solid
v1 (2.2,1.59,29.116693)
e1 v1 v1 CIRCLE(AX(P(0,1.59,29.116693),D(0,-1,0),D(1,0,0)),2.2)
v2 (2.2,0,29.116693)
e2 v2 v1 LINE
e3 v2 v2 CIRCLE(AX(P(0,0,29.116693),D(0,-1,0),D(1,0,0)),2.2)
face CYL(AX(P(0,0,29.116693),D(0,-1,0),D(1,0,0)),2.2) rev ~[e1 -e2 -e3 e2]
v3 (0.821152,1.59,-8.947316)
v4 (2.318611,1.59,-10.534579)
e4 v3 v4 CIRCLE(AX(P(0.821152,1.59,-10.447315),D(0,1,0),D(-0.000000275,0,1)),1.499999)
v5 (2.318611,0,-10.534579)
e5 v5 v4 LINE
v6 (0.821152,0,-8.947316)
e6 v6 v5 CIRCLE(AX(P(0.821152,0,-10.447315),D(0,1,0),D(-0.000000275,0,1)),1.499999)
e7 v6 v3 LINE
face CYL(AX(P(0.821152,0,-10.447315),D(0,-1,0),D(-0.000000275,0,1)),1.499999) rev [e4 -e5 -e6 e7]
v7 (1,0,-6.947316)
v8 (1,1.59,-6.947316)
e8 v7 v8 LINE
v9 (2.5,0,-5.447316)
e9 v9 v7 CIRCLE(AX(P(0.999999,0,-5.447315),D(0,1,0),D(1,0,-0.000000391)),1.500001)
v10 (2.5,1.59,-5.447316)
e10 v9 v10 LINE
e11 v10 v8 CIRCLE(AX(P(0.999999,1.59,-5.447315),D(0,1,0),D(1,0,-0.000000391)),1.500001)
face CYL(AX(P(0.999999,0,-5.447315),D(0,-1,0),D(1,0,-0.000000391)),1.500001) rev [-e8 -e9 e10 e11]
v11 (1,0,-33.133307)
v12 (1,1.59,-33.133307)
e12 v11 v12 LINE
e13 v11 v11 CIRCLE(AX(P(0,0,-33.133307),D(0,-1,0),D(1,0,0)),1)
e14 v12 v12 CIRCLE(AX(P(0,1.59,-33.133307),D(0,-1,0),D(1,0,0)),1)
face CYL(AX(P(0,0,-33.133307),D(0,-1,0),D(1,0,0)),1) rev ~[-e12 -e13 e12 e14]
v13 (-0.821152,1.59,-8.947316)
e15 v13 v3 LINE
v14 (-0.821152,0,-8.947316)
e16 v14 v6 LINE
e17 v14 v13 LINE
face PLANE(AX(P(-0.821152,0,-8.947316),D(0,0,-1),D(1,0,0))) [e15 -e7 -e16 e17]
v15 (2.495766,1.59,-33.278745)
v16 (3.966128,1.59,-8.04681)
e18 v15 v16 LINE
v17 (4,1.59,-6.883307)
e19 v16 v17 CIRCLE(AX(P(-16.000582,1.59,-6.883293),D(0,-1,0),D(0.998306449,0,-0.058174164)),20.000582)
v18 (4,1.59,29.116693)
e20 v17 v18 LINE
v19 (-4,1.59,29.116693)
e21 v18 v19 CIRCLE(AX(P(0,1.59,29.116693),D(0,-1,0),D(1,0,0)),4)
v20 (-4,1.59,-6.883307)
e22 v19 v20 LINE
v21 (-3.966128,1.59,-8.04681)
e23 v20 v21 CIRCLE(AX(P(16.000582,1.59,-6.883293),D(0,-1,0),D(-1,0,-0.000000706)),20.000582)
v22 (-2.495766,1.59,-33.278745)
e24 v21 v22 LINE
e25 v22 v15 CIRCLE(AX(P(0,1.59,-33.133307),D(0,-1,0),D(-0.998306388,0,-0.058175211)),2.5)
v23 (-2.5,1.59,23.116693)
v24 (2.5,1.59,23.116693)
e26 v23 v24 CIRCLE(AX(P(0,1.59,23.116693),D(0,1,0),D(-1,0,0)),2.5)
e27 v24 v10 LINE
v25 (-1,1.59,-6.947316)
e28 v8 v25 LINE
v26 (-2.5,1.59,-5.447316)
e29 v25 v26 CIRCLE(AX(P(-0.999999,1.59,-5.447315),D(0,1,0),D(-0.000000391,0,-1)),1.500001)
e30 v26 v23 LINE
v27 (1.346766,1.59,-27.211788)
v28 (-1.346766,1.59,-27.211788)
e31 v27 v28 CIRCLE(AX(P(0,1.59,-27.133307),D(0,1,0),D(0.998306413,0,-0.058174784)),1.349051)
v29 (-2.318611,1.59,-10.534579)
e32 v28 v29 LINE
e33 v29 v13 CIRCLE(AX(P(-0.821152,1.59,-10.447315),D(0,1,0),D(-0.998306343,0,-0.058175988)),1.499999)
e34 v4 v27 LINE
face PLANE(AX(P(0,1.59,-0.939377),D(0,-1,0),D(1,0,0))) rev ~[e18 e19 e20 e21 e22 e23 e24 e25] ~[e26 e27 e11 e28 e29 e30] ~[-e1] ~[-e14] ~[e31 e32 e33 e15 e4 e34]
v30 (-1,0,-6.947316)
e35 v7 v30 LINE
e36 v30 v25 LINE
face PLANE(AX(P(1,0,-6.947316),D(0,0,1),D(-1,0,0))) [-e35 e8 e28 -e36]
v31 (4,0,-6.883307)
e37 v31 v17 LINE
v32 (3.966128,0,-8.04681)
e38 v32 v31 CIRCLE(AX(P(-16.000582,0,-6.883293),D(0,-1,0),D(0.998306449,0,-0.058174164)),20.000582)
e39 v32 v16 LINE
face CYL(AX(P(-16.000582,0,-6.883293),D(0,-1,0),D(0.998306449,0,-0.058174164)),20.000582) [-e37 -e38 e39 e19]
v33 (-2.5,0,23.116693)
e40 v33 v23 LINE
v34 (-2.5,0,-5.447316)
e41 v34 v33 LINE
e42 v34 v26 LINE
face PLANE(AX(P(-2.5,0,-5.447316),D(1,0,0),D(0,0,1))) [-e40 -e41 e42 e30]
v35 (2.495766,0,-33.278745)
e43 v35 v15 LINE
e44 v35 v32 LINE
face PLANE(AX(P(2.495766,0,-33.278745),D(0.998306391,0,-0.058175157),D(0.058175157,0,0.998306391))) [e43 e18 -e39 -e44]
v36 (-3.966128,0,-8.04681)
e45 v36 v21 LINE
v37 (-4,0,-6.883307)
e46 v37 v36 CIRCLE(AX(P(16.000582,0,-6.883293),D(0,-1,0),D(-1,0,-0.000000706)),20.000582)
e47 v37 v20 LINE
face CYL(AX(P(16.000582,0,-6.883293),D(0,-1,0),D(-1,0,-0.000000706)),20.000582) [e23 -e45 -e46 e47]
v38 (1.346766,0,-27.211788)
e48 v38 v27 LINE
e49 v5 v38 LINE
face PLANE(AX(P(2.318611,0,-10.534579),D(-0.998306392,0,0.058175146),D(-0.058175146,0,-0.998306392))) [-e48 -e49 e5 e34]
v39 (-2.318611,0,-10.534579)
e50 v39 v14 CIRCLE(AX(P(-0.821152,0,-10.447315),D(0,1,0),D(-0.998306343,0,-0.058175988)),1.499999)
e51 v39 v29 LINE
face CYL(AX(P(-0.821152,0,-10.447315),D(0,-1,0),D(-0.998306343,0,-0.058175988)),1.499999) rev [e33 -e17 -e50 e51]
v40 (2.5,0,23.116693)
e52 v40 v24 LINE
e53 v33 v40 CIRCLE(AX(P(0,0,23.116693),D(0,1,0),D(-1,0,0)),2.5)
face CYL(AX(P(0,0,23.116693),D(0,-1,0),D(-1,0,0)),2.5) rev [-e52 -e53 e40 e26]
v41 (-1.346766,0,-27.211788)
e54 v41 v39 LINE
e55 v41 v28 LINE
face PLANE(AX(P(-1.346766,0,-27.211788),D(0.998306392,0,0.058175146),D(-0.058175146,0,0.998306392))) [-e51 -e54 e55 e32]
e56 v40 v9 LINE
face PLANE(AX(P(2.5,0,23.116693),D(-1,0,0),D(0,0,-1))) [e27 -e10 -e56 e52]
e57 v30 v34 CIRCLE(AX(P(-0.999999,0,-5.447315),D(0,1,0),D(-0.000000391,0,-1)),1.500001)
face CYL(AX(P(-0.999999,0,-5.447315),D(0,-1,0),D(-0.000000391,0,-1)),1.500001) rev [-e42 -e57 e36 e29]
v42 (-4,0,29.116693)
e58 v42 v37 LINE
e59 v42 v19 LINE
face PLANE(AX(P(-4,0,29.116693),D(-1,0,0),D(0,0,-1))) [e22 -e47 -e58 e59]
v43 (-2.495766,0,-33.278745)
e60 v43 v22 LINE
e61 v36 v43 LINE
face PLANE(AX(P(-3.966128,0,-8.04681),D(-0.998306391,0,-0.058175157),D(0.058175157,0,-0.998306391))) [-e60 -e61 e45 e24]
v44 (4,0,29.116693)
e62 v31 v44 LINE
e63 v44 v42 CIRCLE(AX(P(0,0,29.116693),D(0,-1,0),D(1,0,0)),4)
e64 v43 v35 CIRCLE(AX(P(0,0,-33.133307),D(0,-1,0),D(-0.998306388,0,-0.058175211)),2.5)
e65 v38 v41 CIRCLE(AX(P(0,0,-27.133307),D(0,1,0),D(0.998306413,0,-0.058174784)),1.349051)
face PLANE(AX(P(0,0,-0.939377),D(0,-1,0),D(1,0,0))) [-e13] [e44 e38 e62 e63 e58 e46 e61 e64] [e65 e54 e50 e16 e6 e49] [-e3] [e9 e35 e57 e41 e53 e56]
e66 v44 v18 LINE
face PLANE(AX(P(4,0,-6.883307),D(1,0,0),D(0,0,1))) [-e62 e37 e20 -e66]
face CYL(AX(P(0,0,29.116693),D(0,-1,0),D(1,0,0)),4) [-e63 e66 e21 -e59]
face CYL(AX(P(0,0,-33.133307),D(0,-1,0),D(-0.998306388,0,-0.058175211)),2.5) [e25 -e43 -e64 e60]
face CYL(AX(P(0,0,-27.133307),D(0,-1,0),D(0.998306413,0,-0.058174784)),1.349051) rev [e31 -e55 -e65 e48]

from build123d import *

# Parameters (mm, degrees)
F0_R     = 1
F0_R_2   = 2.2
F1_DEPTH = 1.59


with BuildPart() as f1:
    # F0 (on Front) → F1 (new body)
    with BuildSketch(Plane.XZ):
        with BuildLine():
            Line((-4, 29.116693), (-4, -6.883307))
            ThreePointArc((-4, -6.883307), (-3.99153, -7.465305), (-3.966128, -8.04681))
            Line((-3.966128, -8.04681), (-2.495766, -33.278745))
            ThreePointArc((-2.495766, -33.278745), (0, -35.633307), (2.495766, -33.278745))
            Line((2.495766, -33.278745), (3.966128, -8.04681))
            ThreePointArc((3.966128, -8.04681), (3.99153, -7.465305), (4, -6.883307))
            Line((4, -6.883307), (4, 29.116693))
            ThreePointArc((4, 29.116693), (0, 33.116693), (-4, 29.116693))
        make_face()
        with Locations((0, -33.133307)):
            Circle(F0_R, mode=Mode.SUBTRACT)
        with BuildLine():
            ThreePointArc((1.346766, -27.211788), (0, -28.482358), (-1.346766, -27.211788))
            Line((-1.346766, -27.211788), (-2.318611, -10.534579))
            ThreePointArc((-2.318611, -10.534579), (-1.912228, -9.41797), (-0.821152, -8.947316))
            Line((-0.821152, -8.947316), (0.821152, -8.947316))
            ThreePointArc((0.821152, -8.947316), (1.912228, -9.41797), (2.318611, -10.534579))
            Line((2.318611, -10.534579), (1.346766, -27.211788))
        make_face(mode=Mode.SUBTRACT)
        with BuildLine():
            Line((-2.5, -5.447316), (-2.5, 23.116693))
            ThreePointArc((-2.5, 23.116693), (0, 25.616693), (2.5, 23.116693))
            Line((2.5, 23.116693), (2.5, -5.447316))
            ThreePointArc((2.5, -5.447316), (2.06066, -6.507976), (1, -6.947316))
            Line((1, -6.947316), (-1, -6.947316))
            ThreePointArc((-1, -6.947316), (-2.06066, -6.507976), (-2.5, -5.447316))
        make_face(mode=Mode.SUBTRACT)
        with Locations((0, 29.116693)):
            Circle(F0_R_2, mode=Mode.SUBTRACT)
    extrude(amount=-F1_DEPTH)


solid = f1.part
